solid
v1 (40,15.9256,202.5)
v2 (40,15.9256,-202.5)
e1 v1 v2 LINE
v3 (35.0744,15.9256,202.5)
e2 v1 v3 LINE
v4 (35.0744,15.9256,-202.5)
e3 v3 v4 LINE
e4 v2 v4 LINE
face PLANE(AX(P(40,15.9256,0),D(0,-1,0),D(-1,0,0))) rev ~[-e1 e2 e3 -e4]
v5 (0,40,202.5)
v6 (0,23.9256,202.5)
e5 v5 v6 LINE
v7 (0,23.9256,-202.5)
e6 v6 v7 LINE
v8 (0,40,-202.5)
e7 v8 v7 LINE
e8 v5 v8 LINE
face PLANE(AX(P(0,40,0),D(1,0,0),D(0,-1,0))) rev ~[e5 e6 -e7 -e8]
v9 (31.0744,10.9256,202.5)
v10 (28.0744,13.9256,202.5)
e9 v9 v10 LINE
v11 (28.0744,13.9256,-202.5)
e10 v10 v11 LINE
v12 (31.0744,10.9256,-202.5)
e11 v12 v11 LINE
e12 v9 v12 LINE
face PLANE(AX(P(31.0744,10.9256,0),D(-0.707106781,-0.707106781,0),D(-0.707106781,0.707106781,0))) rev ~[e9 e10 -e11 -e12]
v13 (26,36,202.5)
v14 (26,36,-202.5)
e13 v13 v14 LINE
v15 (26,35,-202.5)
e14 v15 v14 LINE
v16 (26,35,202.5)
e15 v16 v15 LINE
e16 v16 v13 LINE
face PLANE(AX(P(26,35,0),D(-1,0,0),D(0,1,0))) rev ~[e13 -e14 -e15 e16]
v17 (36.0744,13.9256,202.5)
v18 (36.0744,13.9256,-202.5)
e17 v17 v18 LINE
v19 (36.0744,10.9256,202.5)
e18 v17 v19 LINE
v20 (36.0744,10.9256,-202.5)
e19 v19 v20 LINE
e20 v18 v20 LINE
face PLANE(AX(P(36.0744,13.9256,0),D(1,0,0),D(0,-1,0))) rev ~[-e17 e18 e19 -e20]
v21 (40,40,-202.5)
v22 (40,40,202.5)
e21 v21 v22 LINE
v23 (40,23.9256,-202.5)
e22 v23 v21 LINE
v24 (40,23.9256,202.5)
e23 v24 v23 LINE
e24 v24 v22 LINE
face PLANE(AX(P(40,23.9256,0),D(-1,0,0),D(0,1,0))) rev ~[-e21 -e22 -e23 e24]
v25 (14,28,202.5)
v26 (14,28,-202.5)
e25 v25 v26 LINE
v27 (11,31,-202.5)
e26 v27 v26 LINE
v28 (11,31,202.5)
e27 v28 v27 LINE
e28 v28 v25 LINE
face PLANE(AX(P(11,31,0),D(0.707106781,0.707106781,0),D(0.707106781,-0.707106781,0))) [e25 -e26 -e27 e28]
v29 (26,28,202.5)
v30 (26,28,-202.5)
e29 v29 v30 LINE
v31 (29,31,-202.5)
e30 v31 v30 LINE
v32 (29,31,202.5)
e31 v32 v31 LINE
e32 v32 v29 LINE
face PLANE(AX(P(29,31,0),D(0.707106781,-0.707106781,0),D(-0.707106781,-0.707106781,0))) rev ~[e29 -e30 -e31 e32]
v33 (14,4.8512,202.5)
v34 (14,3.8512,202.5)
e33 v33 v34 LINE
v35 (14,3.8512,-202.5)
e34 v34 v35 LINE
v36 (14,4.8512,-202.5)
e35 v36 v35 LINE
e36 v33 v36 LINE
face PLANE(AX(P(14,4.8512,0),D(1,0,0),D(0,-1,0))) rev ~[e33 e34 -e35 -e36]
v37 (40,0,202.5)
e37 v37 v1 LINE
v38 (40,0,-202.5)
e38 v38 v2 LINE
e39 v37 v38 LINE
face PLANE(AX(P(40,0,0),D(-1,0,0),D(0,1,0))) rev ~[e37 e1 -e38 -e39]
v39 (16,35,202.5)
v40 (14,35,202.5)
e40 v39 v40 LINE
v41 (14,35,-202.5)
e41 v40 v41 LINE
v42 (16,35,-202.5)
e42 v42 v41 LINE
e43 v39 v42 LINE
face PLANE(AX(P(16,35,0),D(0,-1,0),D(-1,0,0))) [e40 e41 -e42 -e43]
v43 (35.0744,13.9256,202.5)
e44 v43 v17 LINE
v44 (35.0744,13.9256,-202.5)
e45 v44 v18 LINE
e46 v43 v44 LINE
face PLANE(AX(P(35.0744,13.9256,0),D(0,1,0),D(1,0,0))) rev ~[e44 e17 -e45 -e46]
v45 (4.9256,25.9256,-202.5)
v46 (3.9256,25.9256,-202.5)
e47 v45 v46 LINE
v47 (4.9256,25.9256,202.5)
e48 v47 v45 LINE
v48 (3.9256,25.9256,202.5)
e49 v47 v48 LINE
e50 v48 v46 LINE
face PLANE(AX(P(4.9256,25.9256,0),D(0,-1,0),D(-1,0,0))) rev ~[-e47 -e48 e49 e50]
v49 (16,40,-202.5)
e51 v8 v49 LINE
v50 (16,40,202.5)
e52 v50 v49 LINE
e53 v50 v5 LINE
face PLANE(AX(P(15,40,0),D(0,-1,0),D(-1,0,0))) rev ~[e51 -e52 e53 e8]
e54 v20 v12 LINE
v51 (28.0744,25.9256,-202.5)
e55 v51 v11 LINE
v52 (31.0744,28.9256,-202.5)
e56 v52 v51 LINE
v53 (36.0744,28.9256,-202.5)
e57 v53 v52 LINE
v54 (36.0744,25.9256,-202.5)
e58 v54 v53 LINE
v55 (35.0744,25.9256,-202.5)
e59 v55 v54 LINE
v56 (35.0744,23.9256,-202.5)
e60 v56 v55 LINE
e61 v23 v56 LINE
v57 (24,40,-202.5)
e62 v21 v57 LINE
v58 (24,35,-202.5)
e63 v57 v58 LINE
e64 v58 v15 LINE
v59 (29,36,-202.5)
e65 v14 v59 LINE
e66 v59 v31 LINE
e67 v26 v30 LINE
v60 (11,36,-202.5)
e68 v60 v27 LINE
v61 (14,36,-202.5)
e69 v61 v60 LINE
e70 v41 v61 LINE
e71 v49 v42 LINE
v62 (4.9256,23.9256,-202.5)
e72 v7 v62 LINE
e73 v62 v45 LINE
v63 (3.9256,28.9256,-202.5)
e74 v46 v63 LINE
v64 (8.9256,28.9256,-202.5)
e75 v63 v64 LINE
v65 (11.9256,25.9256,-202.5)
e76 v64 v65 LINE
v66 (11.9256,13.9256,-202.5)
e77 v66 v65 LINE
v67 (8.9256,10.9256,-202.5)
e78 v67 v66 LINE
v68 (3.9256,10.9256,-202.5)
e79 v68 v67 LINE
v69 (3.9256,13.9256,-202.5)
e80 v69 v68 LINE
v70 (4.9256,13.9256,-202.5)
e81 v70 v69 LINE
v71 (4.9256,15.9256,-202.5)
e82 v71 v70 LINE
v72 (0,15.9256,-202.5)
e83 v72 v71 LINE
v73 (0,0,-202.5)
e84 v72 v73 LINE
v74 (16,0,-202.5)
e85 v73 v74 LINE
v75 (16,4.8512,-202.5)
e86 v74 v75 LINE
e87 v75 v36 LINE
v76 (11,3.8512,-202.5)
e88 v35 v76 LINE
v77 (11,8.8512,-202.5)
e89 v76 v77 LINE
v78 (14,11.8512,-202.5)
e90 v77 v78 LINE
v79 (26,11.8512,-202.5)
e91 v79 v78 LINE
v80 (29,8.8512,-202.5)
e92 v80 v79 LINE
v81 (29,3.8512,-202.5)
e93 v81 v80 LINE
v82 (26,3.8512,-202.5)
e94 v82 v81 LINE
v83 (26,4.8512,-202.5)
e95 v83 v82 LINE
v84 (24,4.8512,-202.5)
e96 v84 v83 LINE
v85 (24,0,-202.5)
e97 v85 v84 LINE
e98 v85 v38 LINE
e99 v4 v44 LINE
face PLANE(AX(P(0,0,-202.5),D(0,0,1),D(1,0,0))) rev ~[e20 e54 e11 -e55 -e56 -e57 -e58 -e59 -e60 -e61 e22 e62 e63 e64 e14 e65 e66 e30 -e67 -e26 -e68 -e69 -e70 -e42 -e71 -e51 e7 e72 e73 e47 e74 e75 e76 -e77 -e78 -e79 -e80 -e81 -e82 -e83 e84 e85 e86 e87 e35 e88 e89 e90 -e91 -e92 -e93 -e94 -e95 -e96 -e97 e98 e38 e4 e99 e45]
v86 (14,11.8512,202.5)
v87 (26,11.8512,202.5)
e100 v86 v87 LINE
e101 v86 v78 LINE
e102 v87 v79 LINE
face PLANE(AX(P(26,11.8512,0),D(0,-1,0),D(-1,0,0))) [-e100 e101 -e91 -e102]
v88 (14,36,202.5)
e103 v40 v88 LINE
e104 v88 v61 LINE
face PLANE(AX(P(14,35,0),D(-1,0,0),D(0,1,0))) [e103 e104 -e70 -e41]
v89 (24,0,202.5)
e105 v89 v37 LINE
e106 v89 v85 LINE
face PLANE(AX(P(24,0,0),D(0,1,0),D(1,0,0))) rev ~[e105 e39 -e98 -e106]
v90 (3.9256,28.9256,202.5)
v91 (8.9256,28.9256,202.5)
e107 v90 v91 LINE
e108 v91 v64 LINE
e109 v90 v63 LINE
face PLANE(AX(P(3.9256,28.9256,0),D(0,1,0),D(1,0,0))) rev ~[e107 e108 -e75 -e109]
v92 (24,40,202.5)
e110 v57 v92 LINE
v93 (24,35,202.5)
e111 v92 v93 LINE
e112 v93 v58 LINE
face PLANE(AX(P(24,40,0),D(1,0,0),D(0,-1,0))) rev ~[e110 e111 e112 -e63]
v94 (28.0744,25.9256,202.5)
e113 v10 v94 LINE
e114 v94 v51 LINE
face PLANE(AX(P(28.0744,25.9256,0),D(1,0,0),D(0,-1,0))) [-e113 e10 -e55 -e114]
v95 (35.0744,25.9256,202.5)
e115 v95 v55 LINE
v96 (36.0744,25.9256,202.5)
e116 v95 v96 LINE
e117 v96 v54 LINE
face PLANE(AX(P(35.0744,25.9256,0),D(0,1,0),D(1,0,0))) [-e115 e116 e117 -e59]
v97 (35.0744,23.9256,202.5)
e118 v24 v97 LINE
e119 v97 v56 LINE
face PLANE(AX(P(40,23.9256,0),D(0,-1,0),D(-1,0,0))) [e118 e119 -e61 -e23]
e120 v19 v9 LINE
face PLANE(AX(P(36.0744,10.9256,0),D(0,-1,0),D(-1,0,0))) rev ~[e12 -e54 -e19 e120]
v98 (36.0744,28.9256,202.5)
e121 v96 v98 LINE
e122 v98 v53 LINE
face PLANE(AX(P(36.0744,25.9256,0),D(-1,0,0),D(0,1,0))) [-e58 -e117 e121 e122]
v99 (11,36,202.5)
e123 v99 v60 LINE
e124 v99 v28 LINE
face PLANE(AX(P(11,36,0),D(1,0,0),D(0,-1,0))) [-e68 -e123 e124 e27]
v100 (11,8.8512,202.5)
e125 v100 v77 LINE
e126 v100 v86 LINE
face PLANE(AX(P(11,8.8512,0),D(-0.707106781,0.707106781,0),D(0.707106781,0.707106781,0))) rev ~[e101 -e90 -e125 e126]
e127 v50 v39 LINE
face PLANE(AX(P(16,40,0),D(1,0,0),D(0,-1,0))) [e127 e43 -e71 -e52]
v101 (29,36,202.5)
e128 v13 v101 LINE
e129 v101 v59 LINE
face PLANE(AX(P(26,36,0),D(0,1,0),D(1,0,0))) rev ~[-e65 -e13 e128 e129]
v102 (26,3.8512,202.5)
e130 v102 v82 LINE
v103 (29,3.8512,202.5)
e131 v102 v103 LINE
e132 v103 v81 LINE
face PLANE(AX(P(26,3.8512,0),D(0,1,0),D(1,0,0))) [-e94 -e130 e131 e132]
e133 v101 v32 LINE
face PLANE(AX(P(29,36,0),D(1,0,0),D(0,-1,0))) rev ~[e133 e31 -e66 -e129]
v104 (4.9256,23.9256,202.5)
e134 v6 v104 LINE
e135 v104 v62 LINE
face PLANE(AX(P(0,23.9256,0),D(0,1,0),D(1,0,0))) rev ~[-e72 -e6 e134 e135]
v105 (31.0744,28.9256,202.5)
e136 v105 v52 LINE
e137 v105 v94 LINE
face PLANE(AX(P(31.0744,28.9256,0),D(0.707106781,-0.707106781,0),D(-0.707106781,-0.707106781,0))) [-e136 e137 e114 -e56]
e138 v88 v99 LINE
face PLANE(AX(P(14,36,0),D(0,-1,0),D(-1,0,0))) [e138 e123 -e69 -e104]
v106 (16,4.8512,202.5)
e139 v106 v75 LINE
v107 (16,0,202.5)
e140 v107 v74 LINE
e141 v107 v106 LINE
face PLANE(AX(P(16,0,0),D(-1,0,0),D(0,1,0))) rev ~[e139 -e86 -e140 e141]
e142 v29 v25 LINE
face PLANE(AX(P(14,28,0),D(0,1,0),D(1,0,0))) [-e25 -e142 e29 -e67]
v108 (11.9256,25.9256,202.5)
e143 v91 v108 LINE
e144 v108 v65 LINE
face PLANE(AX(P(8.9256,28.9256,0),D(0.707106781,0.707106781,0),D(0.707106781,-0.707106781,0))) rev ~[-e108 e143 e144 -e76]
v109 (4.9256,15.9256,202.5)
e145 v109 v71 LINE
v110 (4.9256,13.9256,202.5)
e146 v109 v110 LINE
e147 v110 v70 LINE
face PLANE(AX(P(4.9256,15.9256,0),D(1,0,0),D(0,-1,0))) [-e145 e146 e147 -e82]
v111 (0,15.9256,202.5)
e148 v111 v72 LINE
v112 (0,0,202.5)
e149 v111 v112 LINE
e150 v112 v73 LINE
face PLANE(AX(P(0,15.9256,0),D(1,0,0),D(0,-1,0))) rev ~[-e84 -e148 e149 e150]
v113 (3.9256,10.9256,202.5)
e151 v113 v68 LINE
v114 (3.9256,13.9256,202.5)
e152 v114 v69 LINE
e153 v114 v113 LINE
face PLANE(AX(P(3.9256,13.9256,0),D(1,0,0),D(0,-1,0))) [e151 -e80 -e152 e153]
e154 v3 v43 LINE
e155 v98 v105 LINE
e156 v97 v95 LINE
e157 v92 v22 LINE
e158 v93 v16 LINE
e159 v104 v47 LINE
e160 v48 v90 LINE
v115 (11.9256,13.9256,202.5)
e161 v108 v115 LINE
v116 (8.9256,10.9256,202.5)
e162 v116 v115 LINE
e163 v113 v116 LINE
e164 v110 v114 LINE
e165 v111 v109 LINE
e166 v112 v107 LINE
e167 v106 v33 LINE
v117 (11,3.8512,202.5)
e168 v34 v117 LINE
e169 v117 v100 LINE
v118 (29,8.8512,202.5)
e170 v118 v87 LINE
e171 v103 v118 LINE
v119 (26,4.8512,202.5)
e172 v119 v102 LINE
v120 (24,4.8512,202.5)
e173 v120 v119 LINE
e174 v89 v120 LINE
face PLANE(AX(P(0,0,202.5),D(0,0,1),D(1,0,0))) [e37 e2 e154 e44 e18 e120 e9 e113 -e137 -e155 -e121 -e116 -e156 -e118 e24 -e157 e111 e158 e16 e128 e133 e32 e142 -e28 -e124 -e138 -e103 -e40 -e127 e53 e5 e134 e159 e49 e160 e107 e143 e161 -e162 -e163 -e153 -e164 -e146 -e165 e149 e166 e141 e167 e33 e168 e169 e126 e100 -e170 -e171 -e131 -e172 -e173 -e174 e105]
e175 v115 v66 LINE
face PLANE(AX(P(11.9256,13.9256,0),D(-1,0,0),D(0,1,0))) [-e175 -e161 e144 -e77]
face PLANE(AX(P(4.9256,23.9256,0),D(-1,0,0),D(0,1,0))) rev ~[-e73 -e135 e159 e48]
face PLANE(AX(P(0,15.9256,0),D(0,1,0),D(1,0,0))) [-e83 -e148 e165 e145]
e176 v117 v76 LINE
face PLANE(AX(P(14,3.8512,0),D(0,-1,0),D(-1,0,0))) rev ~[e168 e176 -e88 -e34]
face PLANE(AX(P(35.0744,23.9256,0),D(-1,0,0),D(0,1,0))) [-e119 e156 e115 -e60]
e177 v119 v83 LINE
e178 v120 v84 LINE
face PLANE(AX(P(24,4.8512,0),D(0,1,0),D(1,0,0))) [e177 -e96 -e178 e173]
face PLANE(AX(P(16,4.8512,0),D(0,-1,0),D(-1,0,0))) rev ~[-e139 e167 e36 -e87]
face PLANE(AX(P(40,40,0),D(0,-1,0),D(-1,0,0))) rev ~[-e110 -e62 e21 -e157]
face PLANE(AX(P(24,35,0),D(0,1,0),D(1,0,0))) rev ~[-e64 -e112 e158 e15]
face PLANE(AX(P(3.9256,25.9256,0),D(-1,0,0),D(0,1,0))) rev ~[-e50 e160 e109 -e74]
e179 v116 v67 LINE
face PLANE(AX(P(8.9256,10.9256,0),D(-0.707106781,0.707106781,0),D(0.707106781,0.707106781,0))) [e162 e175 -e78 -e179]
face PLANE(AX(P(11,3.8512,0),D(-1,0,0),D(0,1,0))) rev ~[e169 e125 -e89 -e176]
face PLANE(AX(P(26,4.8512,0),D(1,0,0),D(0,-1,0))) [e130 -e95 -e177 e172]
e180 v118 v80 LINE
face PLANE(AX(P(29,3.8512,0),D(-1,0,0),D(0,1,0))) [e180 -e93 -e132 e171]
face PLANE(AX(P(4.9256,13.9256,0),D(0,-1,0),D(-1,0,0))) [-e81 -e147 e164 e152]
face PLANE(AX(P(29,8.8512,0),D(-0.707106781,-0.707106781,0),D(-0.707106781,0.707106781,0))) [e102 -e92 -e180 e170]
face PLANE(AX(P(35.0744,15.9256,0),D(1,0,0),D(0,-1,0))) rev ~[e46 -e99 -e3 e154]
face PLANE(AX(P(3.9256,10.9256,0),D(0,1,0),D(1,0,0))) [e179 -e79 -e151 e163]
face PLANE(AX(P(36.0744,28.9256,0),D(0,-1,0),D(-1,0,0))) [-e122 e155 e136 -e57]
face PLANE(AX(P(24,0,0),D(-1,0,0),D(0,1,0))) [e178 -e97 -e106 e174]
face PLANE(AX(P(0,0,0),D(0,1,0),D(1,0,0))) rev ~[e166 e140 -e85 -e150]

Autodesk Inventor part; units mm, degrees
ref_plane "YZ Plane" through (0, 0, 0) normal (1, 0, 0) x (0, 1, 0)
ref_plane "XZ Plane" through (0, 0, 0) normal (0, 1, 0) x (-1, 0, 0)
ref_plane "XY Plane" through (0, 0, 0) normal (0, 0, 1) x (1, 0, 0)
sketch "스케치1" plane through (0, 0, 0) normal (0, 0, 1) x (1, 0, 0)
  line L0 (40, 40) -> (25, 40)
  line L1 (15, 40) -> (0, 40)
  line L2 (16, 40) -> (16, 35)
  line L3 (16, 35) -> (14, 35)
  line L4 (14, 35) -> (14, 36)
  line L5 (14, 36) -> (11, 36)
  line L6 (11, 36) -> (11, 31)
  line L7 (11, 31) -> (14, 28)
  line L8 (11, 31) -> (20.81, 31) construction
  line L9 (14, 28) -> (20, 28)
  line L10 (24, 40) -> (24, 35)
  line L11 (24, 35) -> (26, 35)
  line L12 (26, 35) -> (26, 36)
  line L13 (26, 36) -> (29, 36)
  line L14 (29, 36) -> (29, 31)
  line L15 (29, 31) -> (26, 28)
  line L16 (29, 31) -> (19.19, 31) construction
  line L17 (26, 28) -> (20, 28)
  line L18 (-0.0744, 15.9256) -> (4.9256, 15.9256)
  line L19 (-0.0744, 23.9256) -> (4.9256, 23.9256)
  line L20 (4.9256, 23.9256) -> (4.9256, 25.9256)
  line L21 (11.9256, 25.9256) -> (11.9256, 19.9256)
  line L22 (8.9256, 28.9256) -> (8.9256, 19.1155) construction
  line L23 (8.9256, 28.9256) -> (11.9256, 25.9256)
  line L24 (3.9256, 28.9256) -> (8.9256, 28.9256)
  line L25 (3.9256, 25.9256) -> (3.9256, 28.9256)
  line L26 (4.9256, 25.9256) -> (3.9256, 25.9256)
  line L27 (4.9256, 15.9256) -> (4.9256, 13.9256)
  line L28 (11.9256, 13.9256) -> (11.9256, 19.9256)
  line L29 (4.9256, 13.9256) -> (3.9256, 13.9256)
  line L30 (8.9256, 10.9256) -> (11.9256, 13.9256)
  line L31 (8.9256, 10.9256) -> (8.9256, 20.7356) construction
  line L32 (3.9256, 13.9256) -> (3.9256, 10.9256)
  line L33 (3.9256, 10.9256) -> (8.9256, 10.9256)
  line L34 (24, -0.1488) -> (24, 4.8512)
  line L35 (16, -0.1488) -> (16, 4.8512)
  line L36 (16, 4.8512) -> (14, 4.8512)
  line L37 (14, 11.8512) -> (20, 11.8512)
  line L38 (11, 8.8512) -> (20.81, 8.8512) construction
  line L39 (11, 8.8512) -> (14, 11.8512)
  line L40 (11, 3.8512) -> (11, 8.8512)
  line L41 (14, 3.8512) -> (11, 3.8512)
  line L42 (14, 4.8512) -> (14, 3.8512)
  line L43 (24, 4.8512) -> (26, 4.8512)
  line L44 (26, 11.8512) -> (20, 11.8512)
  line L45 (26, 4.8512) -> (26, 3.8512)
  line L46 (29, 8.8512) -> (26, 11.8512)
  line L47 (29, 8.8512) -> (19.19, 8.8512) construction
  line L48 (26, 3.8512) -> (29, 3.8512)
  line L49 (29, 3.8512) -> (29, 8.8512)
  line L50 (40.0744, 23.9256) -> (35.0744, 23.9256)
  line L51 (40.0744, 15.9256) -> (35.0744, 15.9256)
  line L52 (35.0744, 15.9256) -> (35.0744, 13.9256)
  line L53 (28.0744, 13.9256) -> (28.0744, 19.9256)
  line L54 (31.0744, 10.9256) -> (31.0744, 20.7356) construction
  line L55 (31.0744, 10.9256) -> (28.0744, 13.9256)
  line L56 (36.0744, 10.9256) -> (31.0744, 10.9256)
  line L57 (36.0744, 13.9256) -> (36.0744, 10.9256)
  line L58 (35.0744, 13.9256) -> (36.0744, 13.9256)
  line L59 (35.0744, 23.9256) -> (35.0744, 25.9256)
  line L60 (28.0744, 25.9256) -> (28.0744, 19.9256)
  line L61 (35.0744, 25.9256) -> (36.0744, 25.9256)
  line L62 (31.0744, 28.9256) -> (28.0744, 25.9256)
  line L63 (31.0744, 28.9256) -> (31.0744, 19.1155) construction
  line L64 (36.0744, 25.9256) -> (36.0744, 28.9256)
  line L65 (36.0744, 28.9256) -> (31.0744, 28.9256)
  line L66 (11, 20) -> (11.9256, 20)
  line L67 (28.0744, 20) -> (29, 20)
  line L68 (20, 3.8512) -> (20, 4.8512)
  line L69 (20, 35) -> (20, 36)
  line L70 (15, 40) -> (16, 40)
  line L71 (24, 40) -> (25, 40)
  line L72 (0, 40) -> (0, 23.9256)
  line L73 (0, 15.9256) -> (0, 0)
  line L74 (40, 0) -> (40, 15.9256)
  line L75 (40, 23.9256) -> (40, 40)
  line L76 (0, 0) -> (16, 0)
  line L77 (24, 0) -> (40, 0)
  point P0 (25, 38)
  point P1 (20, 19.9256)
  point P2 (15, 35)
  point P3 (25, 35)
  point P4 (4.9256, 24.9256)
  point P5 (4.9256, 14.9256)
  point P6 (15, 4.8512)
  point P7 (25, 4.8512)
  point P8 (35.0744, 14.9256)
  point P9 (35.0744, 24.9256)
  dimension "d0" = 40
  dimension "d1" = 40
  dimension "d14" = 2
  dimension "d15" = 5
  dimension "d16" = 1
  dimension "d17" = 3
  dimension "d18" = 5
  dimension "d19" = 45
  dimension "d21" = 7
  dimension "d24" = 360
extrude "돌출1" add sketch "스케치1" along normal mid plane 405
properties part number "40.5" material "철, 회색"
